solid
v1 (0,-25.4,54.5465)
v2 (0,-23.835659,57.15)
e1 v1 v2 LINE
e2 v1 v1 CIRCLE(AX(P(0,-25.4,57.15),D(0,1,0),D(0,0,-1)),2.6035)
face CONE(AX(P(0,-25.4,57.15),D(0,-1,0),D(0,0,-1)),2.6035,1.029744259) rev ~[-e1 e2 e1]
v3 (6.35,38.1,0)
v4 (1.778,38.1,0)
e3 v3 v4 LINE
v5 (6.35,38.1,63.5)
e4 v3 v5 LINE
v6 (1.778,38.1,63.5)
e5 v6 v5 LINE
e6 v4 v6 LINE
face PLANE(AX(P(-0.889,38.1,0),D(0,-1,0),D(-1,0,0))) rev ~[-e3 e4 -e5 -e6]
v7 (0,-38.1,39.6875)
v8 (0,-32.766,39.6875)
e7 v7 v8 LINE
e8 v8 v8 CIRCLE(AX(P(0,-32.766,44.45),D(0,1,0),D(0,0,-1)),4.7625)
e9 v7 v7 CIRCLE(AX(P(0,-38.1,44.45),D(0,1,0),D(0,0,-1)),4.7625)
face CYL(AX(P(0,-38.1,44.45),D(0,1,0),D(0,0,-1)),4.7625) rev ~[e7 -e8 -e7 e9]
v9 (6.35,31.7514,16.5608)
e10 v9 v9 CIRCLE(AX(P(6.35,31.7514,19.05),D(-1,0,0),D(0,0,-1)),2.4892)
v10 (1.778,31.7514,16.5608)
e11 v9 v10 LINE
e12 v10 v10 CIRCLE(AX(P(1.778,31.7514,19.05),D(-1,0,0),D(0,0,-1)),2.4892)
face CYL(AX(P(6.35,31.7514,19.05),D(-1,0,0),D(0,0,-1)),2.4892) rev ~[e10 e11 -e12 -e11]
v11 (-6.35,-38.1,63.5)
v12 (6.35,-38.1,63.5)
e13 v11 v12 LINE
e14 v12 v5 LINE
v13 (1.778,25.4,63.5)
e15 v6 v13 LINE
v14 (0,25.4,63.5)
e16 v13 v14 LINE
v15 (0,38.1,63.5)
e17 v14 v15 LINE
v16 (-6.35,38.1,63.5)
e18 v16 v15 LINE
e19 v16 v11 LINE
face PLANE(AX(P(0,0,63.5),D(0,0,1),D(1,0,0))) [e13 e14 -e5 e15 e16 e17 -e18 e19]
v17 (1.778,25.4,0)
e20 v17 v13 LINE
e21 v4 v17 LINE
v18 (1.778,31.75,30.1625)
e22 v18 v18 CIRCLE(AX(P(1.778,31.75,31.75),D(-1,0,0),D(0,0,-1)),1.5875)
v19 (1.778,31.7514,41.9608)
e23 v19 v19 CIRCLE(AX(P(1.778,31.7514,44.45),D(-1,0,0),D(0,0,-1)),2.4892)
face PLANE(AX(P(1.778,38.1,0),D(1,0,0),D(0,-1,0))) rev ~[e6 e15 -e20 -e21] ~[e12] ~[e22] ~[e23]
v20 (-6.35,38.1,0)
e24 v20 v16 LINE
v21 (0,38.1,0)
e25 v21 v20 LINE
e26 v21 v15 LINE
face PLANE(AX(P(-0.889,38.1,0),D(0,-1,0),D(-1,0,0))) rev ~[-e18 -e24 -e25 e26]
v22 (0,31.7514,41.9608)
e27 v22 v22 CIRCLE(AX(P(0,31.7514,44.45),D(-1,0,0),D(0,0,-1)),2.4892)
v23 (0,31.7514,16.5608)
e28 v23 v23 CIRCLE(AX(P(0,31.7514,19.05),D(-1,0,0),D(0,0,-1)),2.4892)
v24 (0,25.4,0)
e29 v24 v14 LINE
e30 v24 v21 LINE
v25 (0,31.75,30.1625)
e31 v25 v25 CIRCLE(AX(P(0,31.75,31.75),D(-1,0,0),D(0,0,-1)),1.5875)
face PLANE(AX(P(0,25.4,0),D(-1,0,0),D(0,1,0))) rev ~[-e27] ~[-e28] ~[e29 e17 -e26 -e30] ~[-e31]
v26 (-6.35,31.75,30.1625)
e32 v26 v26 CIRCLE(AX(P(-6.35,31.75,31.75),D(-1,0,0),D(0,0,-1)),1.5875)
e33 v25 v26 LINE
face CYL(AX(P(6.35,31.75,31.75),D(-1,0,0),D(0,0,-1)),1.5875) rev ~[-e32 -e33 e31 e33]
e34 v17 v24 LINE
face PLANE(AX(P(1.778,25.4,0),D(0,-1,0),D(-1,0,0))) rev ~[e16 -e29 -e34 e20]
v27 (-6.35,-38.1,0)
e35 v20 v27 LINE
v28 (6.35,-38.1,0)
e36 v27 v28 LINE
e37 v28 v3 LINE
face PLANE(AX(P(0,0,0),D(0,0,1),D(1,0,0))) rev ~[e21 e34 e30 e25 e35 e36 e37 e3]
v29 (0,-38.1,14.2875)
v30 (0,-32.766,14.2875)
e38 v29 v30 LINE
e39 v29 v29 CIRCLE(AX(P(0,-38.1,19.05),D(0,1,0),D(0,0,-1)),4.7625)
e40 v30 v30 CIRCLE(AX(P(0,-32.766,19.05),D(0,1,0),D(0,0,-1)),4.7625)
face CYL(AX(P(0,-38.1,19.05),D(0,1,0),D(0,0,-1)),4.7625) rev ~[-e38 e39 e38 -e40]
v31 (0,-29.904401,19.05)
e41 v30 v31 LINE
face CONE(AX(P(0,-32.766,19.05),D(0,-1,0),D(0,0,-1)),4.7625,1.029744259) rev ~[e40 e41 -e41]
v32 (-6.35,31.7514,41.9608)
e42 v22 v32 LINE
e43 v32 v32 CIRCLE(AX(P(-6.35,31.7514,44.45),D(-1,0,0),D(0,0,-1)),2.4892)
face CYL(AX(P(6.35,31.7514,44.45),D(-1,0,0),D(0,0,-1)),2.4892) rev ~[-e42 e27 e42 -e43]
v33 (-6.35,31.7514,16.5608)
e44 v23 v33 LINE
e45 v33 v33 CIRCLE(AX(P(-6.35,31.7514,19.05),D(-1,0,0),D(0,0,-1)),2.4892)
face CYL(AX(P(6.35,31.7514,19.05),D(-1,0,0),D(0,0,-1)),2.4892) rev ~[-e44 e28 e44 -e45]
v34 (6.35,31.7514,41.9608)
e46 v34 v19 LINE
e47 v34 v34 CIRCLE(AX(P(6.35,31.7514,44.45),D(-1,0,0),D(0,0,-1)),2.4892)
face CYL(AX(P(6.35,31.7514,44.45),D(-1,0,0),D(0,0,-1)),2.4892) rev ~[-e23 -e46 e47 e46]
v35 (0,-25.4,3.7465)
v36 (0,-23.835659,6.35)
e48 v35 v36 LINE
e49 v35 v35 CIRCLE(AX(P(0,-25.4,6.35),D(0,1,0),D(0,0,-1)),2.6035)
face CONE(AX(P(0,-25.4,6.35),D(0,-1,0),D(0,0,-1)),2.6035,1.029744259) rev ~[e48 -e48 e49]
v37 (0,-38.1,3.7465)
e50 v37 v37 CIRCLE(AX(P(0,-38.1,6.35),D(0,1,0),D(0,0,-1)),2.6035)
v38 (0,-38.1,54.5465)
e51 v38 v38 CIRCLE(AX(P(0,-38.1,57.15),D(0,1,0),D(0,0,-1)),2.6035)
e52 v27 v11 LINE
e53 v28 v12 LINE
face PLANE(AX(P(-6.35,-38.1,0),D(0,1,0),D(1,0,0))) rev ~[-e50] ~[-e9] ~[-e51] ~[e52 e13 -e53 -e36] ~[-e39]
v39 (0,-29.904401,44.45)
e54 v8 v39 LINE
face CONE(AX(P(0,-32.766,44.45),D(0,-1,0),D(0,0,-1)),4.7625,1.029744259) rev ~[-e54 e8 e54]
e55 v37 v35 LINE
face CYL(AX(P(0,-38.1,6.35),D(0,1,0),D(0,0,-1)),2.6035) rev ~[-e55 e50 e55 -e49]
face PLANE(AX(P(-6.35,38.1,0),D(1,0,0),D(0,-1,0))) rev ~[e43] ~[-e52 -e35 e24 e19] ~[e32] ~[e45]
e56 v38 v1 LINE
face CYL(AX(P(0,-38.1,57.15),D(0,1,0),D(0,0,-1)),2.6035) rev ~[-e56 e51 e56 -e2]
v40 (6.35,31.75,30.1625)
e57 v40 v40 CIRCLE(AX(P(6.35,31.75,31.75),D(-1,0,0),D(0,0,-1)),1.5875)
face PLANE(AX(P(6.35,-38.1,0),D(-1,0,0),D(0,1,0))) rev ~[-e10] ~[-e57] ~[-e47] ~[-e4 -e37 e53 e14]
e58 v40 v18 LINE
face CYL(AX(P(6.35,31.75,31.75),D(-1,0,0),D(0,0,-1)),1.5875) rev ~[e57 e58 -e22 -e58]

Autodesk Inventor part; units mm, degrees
ref_plane "YZ Plane" through (0, 0, 0) normal (1, 0, 0) x (0, 1, 0)
ref_plane "XZ Plane" through (0, 0, 0) normal (0, 1, 0) x (-1, 0, 0)
ref_plane "XY Plane" through (0, 0, 0) normal (0, 0, 1) x (1, 0, 0)
sketch "Sketch1" plane through (0, 0, 0) normal (0, 0, 1) x (1, 0, 0)
  line L0 (-6.35, -38.1) -> (6.35, -38.1)
  line L1 (6.35, -38.1) -> (6.35, 38.1)
  line L2 (6.35, 38.1) -> (-6.35, 38.1)
  line L3 (-6.35, 38.1) -> (-6.35, -38.1)
  line L4 (-6.35, -38.1) -> (6.35, 38.1) construction
  line L5 (6.35, -38.1) -> (-6.35, 38.1) construction
  line L6 (-0.889, 50.8) -> (0.889, 50.8)
  line L7 (0.889, 50.8) -> (0.889, 25.4)
  line L8 (0.889, 25.4) -> (-0.889, 25.4)
  line L9 (-0.889, 25.4) -> (-0.889, 50.8)
  line L10 (-0.889, 50.8) -> (0.889, 25.4) construction
  line L11 (0.889, 50.8) -> (-0.889, 25.4) construction
  point P0 (0, 0)
  point P1 (0, 38.1)
  dimension "d0" = 12.7
  dimension "d1" = 76.2
  dimension "d2" = 1.778
  dimension "d3" = 12.7
extrude "Extrusion1" add sketch "Sketch1" along normal blind 63.5 contours L3 L2 L9 L8 L7 L1 L0 | L2 L7 L8 L9
sketch "Sketch2" plane through (0, 0, 0) normal (0, 0, -1) x (-1, 0, 0)
  line L0 (-6.35, 38.1) -> (6.35, 38.1) projected
  line L1 (0, 38.1) -> (-1.778, 38.1)
  line L2 (-1.778, 38.1) -> (-1.778, 25.4)
  line L3 (-1.778, 25.4) -> (0, 25.4)
  line L4 (0, 25.4) -> (0, 38.1)
  point P0 (0, 0)
  dimension "d6" = 1.778
  dimension "d7" = 12.7
extrude "Extrusion2" cut sketch "Sketch2" against normal blind 63.5
sketch "Sketch3" plane through (6.35, -38.1, 0) normal (1, 0, 0) x (0, 0, -1)
  line L0 (0, 76.2) -> (-63.5, 76.2) projected
  line L1 (-63.5, 0) -> (-63.5, 76.2) projected
  point P0 (0, 38.1)
  point P1 (-31.75, 69.85)
  dimension "d10" = 6.35
  dimension "d11" = 31.75
hole "Hole1" at (6.35, 31.75, 31.75) direction (-1, 0, 0) diameter 3.175 end through all
sketch "Sketch4" plane through (6.35, -38.1, 0) normal (1, 0, 0) x (0, 0, -1)
  line L0 (-44.45, 69.8514) -> (-19.05, 69.8514)
  line L1 (0, 0) -> (0, 76.2) projected
  point P0 (0, 38.1)
  dimension "d19" = 25.4
  dimension "d20" = 19.05
hole "Hole2" at (6.35, 31.7514, 44.45) at (6.35, 31.7514, 19.05) direction (-1, 0, 0) diameter 4.9784 depth 19.05 tip angle 118 thread size "1/4-20 UNC" class "2B" standard "ANSI Unified Screw Threads"
sketch "Sketch5" plane through (-6.35, -38.1, 0) normal (0, -1, 0) x (1, 0, 0)
  line L0 (6.35, 63.5) -> (6.35, 0) projected
  line L1 (6.35, 57.15) -> (6.35, 6.35)
  dimension "d28" = 50.8
  dimension "d29" = 6.35
hole "Hole3" at (0, -38.1, 57.15) at (0, -38.1, 6.35) direction (0, 1, 0) diameter 5.207 depth 12.7 tip angle 118
sketch "Sketch6" plane through (-6.35, -38.1, 0) normal (0, -1, 0) x (1, 0, 0)
  point P0 (6.35, 0)
sketch "Sketch7" plane through (-6.35, -38.1, 0) normal (0, -1, 0) x (1, 0, 0)
  line L0 (6.35, 63.5) -> (6.35, 0) projected
  line L1 (6.35, 44.45) -> (6.35, 19.05)
  line L2 (0, 63.5) -> (12.7, 63.5) projected
  dimension "d37" = 25.4
  dimension "d38" = 19.05
hole "Hole4" at (0, -38.1, 44.45) at (0, -38.1, 19.05) direction (0, 1, 0) diameter 9.525 depth 5.334 tip angle 118
properties part number "mask holder"
